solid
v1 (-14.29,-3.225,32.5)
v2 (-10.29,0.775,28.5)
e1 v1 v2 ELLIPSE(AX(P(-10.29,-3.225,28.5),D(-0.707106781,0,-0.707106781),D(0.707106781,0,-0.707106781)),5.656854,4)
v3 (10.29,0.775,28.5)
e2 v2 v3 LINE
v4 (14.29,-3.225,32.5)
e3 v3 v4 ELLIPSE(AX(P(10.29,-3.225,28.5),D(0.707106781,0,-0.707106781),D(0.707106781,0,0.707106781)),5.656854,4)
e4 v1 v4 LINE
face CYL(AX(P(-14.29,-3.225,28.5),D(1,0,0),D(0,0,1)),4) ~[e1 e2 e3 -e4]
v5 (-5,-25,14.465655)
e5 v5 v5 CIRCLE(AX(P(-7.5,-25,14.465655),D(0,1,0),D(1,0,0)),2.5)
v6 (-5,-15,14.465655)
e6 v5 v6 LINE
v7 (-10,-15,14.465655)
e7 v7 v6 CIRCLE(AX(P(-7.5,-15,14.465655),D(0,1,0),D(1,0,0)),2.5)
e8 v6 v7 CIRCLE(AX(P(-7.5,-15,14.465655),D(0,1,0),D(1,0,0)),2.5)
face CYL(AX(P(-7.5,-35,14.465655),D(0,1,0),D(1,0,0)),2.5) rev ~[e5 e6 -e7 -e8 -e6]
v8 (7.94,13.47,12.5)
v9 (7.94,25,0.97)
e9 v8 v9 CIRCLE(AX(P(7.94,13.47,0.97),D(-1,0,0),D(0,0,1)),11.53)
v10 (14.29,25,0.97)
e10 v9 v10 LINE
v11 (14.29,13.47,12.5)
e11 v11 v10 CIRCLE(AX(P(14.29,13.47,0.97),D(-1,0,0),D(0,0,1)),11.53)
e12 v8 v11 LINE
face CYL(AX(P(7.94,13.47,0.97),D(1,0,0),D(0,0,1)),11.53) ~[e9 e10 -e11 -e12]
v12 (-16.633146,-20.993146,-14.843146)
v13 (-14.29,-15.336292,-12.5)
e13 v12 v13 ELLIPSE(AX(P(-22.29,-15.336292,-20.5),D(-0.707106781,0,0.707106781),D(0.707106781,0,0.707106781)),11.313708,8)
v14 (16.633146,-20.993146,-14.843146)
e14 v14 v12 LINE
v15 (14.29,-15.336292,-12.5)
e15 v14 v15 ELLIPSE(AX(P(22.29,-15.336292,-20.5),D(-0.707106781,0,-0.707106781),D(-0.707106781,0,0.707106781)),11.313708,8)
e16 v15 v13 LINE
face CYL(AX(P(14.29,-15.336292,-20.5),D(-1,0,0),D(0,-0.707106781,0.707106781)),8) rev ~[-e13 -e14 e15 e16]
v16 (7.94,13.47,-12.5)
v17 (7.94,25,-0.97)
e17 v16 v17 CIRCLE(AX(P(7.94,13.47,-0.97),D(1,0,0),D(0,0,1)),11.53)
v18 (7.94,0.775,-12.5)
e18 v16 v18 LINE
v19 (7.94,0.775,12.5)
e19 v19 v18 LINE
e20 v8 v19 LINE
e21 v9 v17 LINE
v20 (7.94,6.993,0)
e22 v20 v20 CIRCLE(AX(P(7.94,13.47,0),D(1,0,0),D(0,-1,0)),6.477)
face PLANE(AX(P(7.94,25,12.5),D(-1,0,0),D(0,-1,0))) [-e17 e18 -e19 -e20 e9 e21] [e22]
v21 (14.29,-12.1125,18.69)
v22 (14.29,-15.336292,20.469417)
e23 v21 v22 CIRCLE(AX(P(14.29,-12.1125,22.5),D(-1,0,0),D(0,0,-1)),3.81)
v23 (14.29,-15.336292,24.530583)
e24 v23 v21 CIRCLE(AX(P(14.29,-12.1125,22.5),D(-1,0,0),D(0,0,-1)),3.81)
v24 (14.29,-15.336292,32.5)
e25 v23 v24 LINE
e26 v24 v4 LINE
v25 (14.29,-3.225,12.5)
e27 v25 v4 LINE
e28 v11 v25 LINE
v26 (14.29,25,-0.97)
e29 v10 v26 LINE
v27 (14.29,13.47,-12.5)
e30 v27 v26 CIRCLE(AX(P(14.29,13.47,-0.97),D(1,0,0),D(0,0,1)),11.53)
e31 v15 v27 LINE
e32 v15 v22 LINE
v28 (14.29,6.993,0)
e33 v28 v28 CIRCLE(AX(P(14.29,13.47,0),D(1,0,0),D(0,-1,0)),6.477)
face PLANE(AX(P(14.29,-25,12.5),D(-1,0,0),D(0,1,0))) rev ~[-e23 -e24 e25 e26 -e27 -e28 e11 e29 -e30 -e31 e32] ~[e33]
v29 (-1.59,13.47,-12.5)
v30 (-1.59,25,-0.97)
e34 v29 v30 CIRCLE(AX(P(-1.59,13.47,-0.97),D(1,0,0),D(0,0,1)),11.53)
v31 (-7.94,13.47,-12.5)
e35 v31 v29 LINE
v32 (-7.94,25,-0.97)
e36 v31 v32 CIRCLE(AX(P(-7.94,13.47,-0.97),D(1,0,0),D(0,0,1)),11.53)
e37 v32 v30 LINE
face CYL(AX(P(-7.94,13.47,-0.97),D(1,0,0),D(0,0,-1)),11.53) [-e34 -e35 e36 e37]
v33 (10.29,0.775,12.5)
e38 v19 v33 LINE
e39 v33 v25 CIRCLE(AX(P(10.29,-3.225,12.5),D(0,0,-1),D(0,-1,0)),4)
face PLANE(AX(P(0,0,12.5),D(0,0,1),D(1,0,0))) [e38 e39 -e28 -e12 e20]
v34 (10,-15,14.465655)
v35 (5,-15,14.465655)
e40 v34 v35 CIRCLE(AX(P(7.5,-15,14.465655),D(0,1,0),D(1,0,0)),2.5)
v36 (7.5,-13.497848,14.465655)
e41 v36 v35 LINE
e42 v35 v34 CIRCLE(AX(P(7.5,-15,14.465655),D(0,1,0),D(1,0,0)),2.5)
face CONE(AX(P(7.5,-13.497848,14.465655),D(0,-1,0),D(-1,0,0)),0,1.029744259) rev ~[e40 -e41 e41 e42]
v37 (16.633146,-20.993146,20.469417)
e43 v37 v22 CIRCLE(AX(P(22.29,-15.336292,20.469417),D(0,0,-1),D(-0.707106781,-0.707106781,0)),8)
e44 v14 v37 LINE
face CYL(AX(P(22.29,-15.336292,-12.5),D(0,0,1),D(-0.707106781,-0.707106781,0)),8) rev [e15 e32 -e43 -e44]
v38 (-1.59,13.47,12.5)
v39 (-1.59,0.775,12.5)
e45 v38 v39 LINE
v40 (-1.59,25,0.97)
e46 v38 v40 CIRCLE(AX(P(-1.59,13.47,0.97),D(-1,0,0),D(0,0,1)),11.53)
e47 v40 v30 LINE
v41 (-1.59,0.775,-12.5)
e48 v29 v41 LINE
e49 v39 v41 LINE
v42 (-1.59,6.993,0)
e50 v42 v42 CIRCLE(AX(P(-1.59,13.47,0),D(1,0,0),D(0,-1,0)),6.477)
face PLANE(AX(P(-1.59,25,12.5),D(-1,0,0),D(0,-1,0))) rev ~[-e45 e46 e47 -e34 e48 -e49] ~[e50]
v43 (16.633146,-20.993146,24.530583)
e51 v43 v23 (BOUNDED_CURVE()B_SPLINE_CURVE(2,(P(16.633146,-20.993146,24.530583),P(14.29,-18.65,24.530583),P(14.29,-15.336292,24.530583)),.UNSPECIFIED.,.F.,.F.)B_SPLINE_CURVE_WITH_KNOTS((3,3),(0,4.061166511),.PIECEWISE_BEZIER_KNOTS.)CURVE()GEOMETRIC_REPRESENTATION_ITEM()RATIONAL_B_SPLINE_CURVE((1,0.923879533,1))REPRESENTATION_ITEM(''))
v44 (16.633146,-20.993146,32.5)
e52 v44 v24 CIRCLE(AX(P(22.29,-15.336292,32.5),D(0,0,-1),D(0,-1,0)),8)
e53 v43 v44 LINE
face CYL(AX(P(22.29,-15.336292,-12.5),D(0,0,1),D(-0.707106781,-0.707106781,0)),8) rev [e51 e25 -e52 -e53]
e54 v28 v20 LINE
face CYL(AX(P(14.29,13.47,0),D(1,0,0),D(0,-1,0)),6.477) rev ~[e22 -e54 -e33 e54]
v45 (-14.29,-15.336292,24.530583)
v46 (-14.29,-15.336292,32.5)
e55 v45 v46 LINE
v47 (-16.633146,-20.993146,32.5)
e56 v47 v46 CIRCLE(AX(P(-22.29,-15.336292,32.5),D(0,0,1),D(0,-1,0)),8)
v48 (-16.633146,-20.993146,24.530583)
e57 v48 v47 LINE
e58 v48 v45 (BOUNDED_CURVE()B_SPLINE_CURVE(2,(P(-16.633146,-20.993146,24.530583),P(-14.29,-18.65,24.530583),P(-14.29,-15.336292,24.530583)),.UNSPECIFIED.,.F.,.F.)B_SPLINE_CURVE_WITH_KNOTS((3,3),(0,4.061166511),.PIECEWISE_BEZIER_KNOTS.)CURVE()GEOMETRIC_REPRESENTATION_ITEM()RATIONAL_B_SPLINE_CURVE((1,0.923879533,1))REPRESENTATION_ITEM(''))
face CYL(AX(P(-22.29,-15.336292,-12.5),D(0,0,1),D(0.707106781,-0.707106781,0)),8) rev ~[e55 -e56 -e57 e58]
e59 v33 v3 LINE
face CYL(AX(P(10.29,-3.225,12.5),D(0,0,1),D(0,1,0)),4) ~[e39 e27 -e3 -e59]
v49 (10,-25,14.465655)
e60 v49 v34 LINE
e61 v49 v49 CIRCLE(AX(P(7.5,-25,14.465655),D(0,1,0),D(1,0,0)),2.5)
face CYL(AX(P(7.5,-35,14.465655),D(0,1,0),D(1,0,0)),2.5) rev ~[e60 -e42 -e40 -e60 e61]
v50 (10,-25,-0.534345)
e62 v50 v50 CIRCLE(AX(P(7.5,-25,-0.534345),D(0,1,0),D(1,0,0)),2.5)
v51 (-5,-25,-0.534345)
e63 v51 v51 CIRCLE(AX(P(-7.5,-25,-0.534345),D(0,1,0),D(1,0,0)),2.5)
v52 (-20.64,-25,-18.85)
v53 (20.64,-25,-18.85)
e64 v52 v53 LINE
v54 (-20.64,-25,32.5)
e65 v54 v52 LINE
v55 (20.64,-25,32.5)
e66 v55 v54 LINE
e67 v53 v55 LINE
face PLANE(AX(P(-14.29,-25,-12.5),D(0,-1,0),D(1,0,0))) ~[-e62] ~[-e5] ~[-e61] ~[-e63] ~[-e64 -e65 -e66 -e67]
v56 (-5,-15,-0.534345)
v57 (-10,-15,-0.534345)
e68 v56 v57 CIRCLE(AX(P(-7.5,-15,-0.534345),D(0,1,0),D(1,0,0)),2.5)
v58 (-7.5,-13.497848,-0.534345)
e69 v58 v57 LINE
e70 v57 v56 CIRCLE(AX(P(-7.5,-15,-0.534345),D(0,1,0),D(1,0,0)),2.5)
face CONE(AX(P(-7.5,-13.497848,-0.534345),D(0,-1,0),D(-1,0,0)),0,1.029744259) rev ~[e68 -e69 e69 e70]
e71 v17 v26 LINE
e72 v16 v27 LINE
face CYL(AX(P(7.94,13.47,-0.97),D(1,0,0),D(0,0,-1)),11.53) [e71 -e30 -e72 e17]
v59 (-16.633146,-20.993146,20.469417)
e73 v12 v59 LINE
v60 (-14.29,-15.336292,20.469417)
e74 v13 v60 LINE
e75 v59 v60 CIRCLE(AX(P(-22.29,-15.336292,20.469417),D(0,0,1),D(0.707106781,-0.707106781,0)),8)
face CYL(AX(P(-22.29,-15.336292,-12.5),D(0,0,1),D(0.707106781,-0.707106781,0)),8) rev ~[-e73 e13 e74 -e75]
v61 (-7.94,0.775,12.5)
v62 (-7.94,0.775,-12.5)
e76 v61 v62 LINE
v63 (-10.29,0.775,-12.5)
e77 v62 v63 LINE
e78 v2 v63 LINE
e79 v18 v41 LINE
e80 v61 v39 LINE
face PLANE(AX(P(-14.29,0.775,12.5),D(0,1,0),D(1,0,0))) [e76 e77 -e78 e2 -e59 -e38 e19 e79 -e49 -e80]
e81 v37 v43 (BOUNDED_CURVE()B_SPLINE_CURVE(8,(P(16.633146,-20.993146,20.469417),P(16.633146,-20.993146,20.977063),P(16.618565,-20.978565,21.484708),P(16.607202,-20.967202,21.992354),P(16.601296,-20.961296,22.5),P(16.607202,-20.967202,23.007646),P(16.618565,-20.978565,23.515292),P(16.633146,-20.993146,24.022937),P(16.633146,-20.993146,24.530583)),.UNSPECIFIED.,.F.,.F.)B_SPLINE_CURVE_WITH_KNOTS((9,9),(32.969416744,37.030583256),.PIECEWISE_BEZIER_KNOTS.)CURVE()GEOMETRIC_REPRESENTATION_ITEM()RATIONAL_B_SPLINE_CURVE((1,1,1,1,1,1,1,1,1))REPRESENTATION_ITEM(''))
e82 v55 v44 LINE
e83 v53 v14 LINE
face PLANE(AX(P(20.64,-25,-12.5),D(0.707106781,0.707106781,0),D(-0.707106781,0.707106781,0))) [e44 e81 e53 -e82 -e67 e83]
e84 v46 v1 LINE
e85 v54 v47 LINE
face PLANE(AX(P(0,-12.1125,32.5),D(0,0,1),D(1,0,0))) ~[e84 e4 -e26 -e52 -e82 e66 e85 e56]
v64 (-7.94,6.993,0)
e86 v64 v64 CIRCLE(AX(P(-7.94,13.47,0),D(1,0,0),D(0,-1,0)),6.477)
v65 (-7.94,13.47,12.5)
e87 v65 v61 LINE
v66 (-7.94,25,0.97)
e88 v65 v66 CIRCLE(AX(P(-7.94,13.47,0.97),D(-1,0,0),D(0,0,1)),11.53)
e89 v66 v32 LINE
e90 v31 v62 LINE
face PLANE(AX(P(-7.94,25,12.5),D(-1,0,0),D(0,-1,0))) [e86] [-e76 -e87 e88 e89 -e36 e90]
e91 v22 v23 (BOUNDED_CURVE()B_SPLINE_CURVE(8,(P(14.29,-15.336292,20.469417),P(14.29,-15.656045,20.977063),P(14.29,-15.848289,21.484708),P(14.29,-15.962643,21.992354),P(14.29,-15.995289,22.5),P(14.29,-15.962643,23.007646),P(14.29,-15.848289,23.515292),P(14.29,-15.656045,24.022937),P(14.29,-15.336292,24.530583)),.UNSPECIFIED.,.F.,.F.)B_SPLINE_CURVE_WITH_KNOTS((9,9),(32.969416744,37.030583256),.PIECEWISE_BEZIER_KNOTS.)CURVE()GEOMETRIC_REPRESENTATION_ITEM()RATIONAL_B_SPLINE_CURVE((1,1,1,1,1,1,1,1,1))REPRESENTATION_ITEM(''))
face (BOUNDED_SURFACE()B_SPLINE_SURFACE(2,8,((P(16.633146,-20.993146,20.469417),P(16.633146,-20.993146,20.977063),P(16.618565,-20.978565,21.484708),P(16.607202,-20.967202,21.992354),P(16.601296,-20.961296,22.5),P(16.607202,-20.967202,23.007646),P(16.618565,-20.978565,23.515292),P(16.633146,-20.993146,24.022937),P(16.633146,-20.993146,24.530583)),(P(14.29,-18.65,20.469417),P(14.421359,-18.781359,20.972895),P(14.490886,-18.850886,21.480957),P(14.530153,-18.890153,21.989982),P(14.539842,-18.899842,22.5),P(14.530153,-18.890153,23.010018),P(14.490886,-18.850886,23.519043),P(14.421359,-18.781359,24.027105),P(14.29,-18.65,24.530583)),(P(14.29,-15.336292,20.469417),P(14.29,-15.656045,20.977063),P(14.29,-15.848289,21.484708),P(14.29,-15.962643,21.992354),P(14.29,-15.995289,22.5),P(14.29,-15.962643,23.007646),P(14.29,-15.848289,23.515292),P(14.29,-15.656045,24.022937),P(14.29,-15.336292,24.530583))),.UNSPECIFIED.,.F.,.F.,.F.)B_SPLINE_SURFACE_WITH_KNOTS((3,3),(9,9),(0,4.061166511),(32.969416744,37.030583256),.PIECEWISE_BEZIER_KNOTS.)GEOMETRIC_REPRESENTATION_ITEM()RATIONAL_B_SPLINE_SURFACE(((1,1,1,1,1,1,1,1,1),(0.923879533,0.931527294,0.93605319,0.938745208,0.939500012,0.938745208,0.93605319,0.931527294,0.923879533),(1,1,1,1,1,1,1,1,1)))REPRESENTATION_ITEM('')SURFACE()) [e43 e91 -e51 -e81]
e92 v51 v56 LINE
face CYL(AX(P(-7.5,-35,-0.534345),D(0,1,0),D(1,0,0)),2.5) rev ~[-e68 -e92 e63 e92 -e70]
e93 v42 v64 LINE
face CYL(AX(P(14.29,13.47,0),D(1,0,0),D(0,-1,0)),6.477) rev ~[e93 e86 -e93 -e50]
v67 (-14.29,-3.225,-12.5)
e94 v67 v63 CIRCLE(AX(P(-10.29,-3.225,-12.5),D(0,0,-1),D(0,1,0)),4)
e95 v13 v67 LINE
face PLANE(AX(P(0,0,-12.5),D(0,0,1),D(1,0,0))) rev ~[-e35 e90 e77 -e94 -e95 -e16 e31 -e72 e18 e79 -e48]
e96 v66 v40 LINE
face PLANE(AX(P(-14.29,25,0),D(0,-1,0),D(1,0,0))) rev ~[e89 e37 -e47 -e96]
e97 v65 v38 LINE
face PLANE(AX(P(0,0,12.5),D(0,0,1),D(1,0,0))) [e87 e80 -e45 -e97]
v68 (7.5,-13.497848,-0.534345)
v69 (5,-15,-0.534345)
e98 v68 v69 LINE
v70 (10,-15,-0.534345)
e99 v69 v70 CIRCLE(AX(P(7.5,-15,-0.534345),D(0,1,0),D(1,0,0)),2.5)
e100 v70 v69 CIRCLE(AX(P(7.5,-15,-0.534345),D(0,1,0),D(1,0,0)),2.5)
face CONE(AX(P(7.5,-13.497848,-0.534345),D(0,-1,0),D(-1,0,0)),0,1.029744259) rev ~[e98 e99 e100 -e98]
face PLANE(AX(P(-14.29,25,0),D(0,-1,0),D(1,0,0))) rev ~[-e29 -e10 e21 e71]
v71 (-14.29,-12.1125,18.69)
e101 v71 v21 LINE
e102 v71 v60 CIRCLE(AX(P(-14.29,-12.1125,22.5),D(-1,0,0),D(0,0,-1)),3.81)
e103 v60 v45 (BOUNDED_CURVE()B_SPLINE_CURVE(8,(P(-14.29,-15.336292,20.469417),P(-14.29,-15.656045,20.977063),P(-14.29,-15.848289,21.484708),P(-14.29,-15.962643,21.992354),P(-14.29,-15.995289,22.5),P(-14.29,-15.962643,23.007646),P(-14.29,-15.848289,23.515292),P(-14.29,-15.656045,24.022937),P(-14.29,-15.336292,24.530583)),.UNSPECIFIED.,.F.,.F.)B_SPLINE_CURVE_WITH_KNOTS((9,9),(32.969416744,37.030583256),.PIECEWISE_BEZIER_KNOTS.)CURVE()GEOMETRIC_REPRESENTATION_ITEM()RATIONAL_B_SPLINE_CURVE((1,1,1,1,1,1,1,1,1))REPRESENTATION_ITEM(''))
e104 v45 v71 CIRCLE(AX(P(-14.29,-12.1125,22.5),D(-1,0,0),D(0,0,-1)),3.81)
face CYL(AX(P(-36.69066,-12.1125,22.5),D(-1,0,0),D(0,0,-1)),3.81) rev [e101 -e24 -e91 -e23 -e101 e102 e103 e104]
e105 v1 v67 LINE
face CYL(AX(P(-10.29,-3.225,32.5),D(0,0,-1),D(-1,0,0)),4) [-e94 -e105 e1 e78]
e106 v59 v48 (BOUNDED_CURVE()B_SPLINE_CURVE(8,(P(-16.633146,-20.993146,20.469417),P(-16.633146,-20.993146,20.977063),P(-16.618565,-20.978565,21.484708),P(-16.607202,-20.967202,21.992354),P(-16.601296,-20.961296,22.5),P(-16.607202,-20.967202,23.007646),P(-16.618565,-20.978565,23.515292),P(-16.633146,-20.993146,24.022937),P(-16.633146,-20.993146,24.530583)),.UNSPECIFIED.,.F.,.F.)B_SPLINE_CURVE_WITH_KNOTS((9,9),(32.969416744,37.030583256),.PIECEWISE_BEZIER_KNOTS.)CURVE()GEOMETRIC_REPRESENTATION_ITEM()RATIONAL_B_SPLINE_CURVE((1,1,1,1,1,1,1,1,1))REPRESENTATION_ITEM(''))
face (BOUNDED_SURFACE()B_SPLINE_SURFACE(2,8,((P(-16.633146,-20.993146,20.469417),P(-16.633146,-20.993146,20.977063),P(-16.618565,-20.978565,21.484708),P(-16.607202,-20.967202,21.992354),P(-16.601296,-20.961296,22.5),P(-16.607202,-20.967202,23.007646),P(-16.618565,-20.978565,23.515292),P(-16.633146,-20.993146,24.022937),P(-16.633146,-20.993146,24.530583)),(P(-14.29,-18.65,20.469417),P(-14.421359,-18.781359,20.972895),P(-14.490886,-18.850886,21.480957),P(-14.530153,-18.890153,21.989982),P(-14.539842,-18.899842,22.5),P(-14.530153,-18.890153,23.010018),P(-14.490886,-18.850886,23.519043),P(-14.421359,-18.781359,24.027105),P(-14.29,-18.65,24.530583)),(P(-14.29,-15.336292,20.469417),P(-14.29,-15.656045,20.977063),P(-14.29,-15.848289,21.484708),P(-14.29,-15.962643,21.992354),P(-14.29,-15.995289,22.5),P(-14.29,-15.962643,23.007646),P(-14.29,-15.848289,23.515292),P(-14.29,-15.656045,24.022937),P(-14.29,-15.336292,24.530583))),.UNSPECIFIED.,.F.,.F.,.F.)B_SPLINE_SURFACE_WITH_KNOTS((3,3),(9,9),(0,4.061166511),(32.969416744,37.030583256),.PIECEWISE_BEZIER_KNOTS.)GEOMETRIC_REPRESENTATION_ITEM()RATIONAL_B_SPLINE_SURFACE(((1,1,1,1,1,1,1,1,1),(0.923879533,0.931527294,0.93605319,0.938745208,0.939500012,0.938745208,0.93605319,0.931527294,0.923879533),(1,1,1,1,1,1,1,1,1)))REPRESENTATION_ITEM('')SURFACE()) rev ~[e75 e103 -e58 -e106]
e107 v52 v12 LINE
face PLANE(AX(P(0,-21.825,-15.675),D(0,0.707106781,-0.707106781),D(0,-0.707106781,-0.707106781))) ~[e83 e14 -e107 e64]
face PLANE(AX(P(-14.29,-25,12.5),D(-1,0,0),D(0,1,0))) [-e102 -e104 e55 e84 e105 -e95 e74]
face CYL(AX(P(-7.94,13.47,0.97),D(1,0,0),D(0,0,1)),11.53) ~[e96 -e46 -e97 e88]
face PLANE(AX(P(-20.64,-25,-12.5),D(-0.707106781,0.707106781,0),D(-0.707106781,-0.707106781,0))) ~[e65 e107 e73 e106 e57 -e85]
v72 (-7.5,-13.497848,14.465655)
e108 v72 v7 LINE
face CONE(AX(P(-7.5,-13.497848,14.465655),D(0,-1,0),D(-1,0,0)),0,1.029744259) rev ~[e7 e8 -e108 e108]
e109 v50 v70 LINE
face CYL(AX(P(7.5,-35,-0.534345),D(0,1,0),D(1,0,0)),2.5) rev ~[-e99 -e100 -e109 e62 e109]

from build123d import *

# Parameters (mm, degrees)
SKETCH1_W                       = 28.58
SKETCH1_H                       = 50
BOSS_EXTRUDE1_DEPTH             = 12.5
SKETCH2_W                       = 9.53
SKETCH2_H                       = 24.225
SKETCH2_W_2                     = 6.35
CUT_EXTRUDE1_DEPTH              = 39.134028111
FILLET1_R                       = 11.53
SKETCH3_R                       = 6.477
CUT_EXTRUDE2_DEPTH              = 40.975822693
BOSS_EXTRUDE2_DEPTH             = 28.58
SKETCH5_W                       = 28.58
SKETCH5_H                       = 25.775
BOSS_EXTRUDE3_DEPTH             = 20
CUT_EXTRUDE3_DEPTH              = 50.98066026
CUT_EXTRUDE3_DEPTH_BACK         = 50.98066026
SKETCH6_R                       = 3.81
BOSS_EXTRUDE4_REACH             = 55.425
BOSS_EXTRUDE4_DIRECTION_2_REACH = 55.425
F_5_0MM_DOWEL_HOLE1_D           = 5
F_5_0MM_DOWEL_HOLE1_DEPTH       = 10
F_5_0MM_DOWEL_HOLE1_TIP         = 1.502151548
FILLET2_R                       = 8
FILLET4_R                       = 4


with BuildPart() as part:
    # Sketch1 → Boss-Extrude1 (new, symmetric)
    with BuildSketch(Plane.XY):
        Rectangle(SKETCH1_W, SKETCH1_H)
    extrude(amount=BOSS_EXTRUDE1_DEPTH, both=True)

    # Sketch2 → Cut-Extrude1 (cut, through all)
    with BuildSketch(Plane(origin=(0, 0, 12.5), x_dir=(-1, 0, 0), z_dir=(0, 0, 1))):
        with Locations((-3.175, -12.8875)):
            Rectangle(SKETCH2_W, SKETCH2_H)
        with Locations((11.115, -12.8875)):
            Rectangle(SKETCH2_W_2, SKETCH2_H)
    extrude(amount=-CUT_EXTRUDE1_DEPTH, mode=Mode.SUBTRACT)

    # Fillet1
    fillet1_edges = [part.edges().sort_by_distance(p)[0] for p in [
        (-4.765, 25, -12.5),
        (-4.765, 25, 12.5),
        (11.115, 25, -12.5),
        (11.115, 25, 12.5),
    ]]
    fillet(fillet1_edges, radius=FILLET1_R)

    # Sketch3 → Cut-Extrude2 (cut, through all)
    with BuildSketch(Plane(origin=(14.29, 0, 0), x_dir=(0, 0, -1), z_dir=(1, 0, 0))):
        with Locations(Location((0, 13.47, 0), (0, 0, 270))):
            Circle(SKETCH3_R)
    extrude(amount=-CUT_EXTRUDE2_DEPTH, mode=Mode.SUBTRACT)

    # Sketch4 → Boss-Extrude2 (add)
    with BuildSketch(Plane(origin=(14.29, 0, 0), x_dir=(0, 0, -1), z_dir=(1, 0, 0))):
        Polygon((18.85, -25), (12.5, -18.65), (12.5, -25), align=None)
    extrude(amount=-BOSS_EXTRUDE2_DEPTH)

    # Sketch5 → Boss-Extrude3 (add)
    with BuildSketch(Plane.XY.offset(12.5)):
        with Locations((0, -12.1125)):
            Rectangle(SKETCH5_W, SKETCH5_H)
    extrude(amount=BOSS_EXTRUDE3_DEPTH)

    # Sketch6 → Cut-Extrude3 (cut, two sides: drawn at the far end of the back side and taken through both)
    with BuildSketch(Plane(origin=(14.29, 0, 0), x_dir=(0, 0, -1), z_dir=(1, 0, 0)).offset(-CUT_EXTRUDE3_DEPTH_BACK)):
        with Locations((-22.5, -12.1125)):
            Circle(SKETCH6_R)
    extrude(amount=CUT_EXTRUDE3_DEPTH + CUT_EXTRUDE3_DEPTH_BACK, mode=Mode.SUBTRACT)

    # Boss-Extrude4: up to this face of the body (flat: up to its plane)
    boss_extrude4_end = Plane(part.part.faces().sort_by_distance((0, -12.1125, 32.5))[0])
    # Sketch7 → Boss-Extrude4 (add, up to the picked face)
    with BuildSketch(Plane(origin=(0, 0, -12.5), x_dir=(-1, 0, 0), z_dir=(0, 0, -1)), mode=Mode.PRIVATE) as boss_extrude4_sk1:
        Polygon((-14.29, -25), (-20.64, -25), (-14.29, -18.65), align=None)
    boss_extrude4_tool1 = split(extrude(boss_extrude4_sk1.sketch, amount=-BOSS_EXTRUDE4_REACH, mode=Mode.PRIVATE), bisect_by=boss_extrude4_end, keep=Keep.BOTH, mode=Mode.PRIVATE)
    boss_extrude4 = boss_extrude4_tool1.solids().sort_by(Axis((16.406667, -22.883333, -12.5), (0, 0, 1)))[0]
    add(boss_extrude4)

    # Boss-Extrude4 direction 2: up to this face of the body (flat: up to its plane)
    boss_extrude4_direction_2_end = Plane(part.part.faces().sort_by_distance((0, -21.825, -15.675))[0])
    # Sketch7 → Boss-Extrude4 direction 2 (add, up to the picked face)
    with BuildSketch(Plane(origin=(0, 0, -12.5), x_dir=(-1, 0, 0), z_dir=(0, 0, -1)), mode=Mode.PRIVATE) as boss_extrude4_direction_2_sk1:
        Polygon((-14.29, -25), (-20.64, -25), (-14.29, -18.65), align=None)
    boss_extrude4_direction_2_tool1 = split(extrude(boss_extrude4_direction_2_sk1.sketch, amount=BOSS_EXTRUDE4_DIRECTION_2_REACH, mode=Mode.PRIVATE), bisect_by=boss_extrude4_direction_2_end, keep=Keep.BOTH, mode=Mode.PRIVATE)
    boss_extrude4_direction_2 = boss_extrude4_direction_2_tool1.solids().sort_by(Axis((16.406667, -22.883333, -12.5), (0, 0, -1)))[0]
    add(boss_extrude4_direction_2)

    # Mirror2: Boss-Extrude4, Boss-Extrude4 direction 2 across plane
    add(boss_extrude4.mirror(Plane(origin=(0, 0, 0), x_dir=(0, 0, 1), z_dir=(1, 0, 0))))
    add(boss_extrude4_direction_2.mirror(Plane(origin=(0, 0, 0), x_dir=(0, 0, 1), z_dir=(1, 0, 0))))

    # Ø5.0mm Dowel Hole1
    with Locations(Plane(origin=(0, -25, 0), x_dir=(-1, 0, 0), z_dir=(0, -1, 0))):
        with Locations((-7.5, 0.534345417), (7.5, 0.534345417), (7.5, -14.465654583), (-7.5, -14.465654583)):
            Hole(F_5_0MM_DOWEL_HOLE1_D / 2, depth=F_5_0MM_DOWEL_HOLE1_DEPTH)
            with Locations((0, 0, -(F_5_0MM_DOWEL_HOLE1_DEPTH + F_5_0MM_DOWEL_HOLE1_TIP / 2))):  # 118° drill point
                Cone(0, F_5_0MM_DOWEL_HOLE1_D / 2, F_5_0MM_DOWEL_HOLE1_TIP, mode=Mode.SUBTRACT)

    # Fillet2
    fillet2_edges = [part.edges().sort_by_distance(p)[0] for p in [
        (14.29, -18.65, 10),
        (-14.29, -18.65, 10),
        (0, -18.65, -12.5),
    ]]
    fillet(fillet2_edges, radius=FILLET2_R)

    # Fillet4
    fillet4_edges = [part.edges().sort_by_distance(p)[0] for p in [
        (-14.29, 0.775, 10),
        (14.29, 0.775, 22.5),
        (0, 0.775, 32.5),
    ]]
    fillet(fillet4_edges, radius=FILLET4_R)


solid = part.part
